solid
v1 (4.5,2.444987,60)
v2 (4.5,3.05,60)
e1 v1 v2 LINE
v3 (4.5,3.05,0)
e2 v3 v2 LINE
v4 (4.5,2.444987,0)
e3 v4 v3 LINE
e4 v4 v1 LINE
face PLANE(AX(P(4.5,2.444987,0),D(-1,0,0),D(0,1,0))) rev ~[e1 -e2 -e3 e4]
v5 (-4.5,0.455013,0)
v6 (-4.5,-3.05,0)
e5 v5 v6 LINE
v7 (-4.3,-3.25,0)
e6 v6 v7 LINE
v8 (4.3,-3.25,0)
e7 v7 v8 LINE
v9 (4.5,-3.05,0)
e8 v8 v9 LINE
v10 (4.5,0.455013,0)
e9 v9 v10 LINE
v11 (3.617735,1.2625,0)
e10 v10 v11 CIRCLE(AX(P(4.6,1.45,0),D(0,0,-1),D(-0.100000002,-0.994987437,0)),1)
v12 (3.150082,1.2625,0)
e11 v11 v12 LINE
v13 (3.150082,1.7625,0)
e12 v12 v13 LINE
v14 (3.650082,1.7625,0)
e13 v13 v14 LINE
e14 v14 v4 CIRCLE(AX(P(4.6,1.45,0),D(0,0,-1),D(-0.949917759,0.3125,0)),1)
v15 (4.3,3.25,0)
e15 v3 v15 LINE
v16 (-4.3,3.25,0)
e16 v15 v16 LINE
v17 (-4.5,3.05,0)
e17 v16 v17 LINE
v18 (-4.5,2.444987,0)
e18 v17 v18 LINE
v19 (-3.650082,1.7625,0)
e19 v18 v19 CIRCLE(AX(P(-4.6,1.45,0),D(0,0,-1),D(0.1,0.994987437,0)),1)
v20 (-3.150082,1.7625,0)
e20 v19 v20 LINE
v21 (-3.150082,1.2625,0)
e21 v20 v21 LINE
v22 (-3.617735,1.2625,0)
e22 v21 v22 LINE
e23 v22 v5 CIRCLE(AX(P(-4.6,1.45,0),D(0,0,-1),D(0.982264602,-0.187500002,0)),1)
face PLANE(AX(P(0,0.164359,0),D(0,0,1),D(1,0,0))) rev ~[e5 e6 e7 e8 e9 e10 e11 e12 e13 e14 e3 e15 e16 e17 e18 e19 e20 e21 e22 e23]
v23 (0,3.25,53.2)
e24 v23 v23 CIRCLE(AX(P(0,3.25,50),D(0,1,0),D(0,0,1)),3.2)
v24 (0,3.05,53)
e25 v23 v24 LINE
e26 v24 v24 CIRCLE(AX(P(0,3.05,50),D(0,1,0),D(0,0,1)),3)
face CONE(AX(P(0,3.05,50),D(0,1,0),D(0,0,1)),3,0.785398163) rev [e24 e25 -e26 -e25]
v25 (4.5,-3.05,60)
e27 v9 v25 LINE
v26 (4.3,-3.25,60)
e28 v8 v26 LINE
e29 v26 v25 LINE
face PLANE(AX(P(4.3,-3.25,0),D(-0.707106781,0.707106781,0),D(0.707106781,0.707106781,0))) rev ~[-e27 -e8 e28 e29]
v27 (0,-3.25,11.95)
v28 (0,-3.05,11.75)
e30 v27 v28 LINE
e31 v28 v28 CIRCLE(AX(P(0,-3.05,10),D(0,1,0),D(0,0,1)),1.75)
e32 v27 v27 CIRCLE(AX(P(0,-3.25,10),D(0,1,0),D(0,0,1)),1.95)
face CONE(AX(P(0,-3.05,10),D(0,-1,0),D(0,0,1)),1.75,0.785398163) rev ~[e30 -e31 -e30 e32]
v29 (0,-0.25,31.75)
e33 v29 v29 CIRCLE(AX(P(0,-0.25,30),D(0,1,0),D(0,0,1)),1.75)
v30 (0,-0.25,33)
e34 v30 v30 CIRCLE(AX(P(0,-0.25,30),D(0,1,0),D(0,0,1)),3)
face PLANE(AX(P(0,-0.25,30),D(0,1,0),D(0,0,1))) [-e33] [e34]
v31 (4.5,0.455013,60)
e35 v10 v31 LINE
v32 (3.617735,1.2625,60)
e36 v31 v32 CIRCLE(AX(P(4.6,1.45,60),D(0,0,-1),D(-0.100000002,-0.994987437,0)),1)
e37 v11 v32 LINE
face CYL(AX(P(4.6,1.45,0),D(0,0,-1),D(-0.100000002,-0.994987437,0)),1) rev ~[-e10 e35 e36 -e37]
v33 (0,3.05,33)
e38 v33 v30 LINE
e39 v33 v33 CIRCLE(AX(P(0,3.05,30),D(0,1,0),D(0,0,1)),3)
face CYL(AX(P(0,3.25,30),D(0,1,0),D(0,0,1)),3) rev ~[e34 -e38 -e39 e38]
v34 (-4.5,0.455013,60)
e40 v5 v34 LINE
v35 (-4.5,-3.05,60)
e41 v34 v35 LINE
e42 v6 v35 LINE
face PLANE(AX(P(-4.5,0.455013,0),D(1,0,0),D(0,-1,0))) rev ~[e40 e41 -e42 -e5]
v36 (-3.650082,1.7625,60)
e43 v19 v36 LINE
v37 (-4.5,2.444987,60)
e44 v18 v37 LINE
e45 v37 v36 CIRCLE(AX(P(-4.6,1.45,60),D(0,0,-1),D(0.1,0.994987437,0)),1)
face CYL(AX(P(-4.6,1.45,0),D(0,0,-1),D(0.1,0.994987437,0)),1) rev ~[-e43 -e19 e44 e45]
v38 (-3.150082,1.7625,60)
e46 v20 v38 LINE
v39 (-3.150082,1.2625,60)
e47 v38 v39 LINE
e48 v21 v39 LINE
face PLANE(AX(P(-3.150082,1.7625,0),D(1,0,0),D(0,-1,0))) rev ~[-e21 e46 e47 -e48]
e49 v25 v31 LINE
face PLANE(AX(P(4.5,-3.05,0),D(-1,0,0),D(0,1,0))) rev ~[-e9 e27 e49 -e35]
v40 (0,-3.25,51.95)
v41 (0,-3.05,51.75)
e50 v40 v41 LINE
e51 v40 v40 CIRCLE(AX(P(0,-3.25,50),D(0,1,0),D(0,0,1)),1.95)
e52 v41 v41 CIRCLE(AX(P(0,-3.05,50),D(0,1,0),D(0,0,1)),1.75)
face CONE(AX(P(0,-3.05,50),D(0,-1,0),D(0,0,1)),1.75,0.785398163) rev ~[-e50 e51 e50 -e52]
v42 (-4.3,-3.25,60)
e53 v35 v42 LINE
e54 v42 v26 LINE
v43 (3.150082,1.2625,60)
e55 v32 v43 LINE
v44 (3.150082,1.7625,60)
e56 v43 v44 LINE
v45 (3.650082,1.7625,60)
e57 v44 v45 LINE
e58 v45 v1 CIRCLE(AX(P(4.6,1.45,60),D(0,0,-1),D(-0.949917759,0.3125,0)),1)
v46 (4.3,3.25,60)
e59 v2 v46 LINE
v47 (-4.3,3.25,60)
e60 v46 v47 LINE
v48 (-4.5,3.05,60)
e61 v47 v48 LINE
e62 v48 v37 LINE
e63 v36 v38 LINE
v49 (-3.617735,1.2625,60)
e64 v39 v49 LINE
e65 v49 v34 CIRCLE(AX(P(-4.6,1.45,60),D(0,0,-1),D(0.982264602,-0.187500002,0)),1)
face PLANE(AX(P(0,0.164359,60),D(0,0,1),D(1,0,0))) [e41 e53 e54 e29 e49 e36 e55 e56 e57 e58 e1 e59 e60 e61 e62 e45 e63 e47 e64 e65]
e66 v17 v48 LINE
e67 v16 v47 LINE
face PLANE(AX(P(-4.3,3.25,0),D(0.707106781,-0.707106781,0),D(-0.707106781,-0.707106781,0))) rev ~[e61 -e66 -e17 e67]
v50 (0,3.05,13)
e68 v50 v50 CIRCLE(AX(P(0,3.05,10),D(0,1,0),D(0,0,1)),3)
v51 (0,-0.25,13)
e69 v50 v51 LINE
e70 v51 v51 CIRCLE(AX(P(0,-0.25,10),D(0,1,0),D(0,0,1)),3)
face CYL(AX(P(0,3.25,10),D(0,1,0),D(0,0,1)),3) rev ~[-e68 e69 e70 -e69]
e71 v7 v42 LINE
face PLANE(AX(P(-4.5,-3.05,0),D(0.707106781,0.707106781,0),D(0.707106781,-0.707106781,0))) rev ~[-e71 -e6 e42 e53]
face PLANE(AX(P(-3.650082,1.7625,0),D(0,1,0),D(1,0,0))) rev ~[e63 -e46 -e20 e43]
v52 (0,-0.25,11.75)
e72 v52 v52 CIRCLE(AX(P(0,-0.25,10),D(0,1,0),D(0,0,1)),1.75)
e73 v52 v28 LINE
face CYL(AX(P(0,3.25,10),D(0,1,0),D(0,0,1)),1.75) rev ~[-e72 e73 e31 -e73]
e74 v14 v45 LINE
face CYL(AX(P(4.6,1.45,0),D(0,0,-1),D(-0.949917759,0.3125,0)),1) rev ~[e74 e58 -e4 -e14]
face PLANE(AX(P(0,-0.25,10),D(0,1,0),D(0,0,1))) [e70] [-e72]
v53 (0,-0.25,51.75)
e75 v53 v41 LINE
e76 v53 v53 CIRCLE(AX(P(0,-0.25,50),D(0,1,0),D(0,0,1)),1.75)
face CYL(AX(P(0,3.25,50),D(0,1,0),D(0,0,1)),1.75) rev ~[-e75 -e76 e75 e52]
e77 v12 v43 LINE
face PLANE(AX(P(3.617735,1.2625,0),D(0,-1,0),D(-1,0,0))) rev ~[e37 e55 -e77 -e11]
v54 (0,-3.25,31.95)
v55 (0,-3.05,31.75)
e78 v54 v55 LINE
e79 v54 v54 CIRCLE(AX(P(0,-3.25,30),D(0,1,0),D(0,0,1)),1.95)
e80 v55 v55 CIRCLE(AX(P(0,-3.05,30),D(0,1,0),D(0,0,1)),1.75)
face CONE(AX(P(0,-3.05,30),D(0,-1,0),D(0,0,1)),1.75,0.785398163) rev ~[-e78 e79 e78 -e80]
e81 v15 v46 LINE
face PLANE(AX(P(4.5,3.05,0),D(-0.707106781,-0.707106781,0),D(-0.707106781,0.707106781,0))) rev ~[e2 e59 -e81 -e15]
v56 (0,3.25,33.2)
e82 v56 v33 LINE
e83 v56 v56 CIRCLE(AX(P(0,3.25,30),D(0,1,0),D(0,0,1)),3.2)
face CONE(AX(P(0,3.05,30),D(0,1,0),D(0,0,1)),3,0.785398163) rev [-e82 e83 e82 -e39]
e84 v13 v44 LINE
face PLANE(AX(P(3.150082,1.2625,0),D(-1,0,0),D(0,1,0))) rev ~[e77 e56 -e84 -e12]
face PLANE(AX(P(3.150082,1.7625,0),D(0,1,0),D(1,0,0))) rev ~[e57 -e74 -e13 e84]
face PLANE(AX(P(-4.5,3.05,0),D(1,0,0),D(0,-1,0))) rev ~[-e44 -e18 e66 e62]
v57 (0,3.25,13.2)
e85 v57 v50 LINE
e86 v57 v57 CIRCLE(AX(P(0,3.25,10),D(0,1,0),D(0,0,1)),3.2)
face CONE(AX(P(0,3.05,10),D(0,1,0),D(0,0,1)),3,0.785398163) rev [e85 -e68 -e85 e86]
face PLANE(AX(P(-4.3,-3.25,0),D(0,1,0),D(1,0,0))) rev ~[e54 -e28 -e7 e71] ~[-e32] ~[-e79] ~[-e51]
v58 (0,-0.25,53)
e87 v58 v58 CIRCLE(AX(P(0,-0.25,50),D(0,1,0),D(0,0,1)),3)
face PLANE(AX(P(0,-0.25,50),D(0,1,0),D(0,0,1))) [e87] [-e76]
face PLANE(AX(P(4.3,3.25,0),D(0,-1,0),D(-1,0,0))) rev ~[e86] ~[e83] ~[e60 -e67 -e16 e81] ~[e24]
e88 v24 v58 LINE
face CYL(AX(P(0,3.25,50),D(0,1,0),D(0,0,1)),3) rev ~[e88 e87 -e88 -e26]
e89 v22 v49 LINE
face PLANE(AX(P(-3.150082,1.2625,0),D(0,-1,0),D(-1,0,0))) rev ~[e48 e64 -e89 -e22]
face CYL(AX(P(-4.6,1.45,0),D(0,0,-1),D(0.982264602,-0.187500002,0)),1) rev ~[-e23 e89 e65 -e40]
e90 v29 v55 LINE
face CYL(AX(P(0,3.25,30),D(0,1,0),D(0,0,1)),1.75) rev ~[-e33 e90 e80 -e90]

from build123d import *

# Parameters (mm, degrees)
EXTRUDE1_DEPTH             = 60
EXTRUDE2_REACH             = 62.519
SKETCH2_R                  = 1.75
SKETCH_R                   = 3
SKETCH_R_2                 = 1.75
EXTRUDE4_DEPTH             = 3.5
CHAMFER1_SIZE              = 0.2
LPATTERN1_COUNT            = 3
LPATTERN1_PITCH            = 20
CHAMFER1_OF_LPATTERN1_SIZE = 0.2


with BuildPart() as part:
    # Sketch1 → Extrude1 (new body)
    with BuildSketch(Plane.XY):
        with BuildLine():
            Line((-4.3, -3.25), (4.3, -3.25))
            Line((4.3, -3.25), (4.5, -3.05))
            Line((4.5, -3.05), (4.5, 0.455012563))
            ThreePointArc((4.5, 0.455012563), (3.924845827, 0.712323349), (3.617735397, 1.2625))
            Line((3.617735397, 1.2625), (3.15008224, 1.2625))
            Line((3.15008224, 1.2625), (3.15008224, 1.7625))
            Line((3.15008224, 1.7625), (3.65008224, 1.7625))
            ThreePointArc((3.65008224, 1.7625), (3.973877727, 2.229724887), (4.5, 2.444987437))
            Line((4.5, 2.444987437), (4.5, 3.05))
            Line((4.5, 3.05), (4.3, 3.25))
            Line((4.3, 3.25), (-4.3, 3.25))
            Line((-4.3, 3.25), (-4.5, 3.05))
            Line((-4.5, 3.05), (-4.5, 2.444987437))
            ThreePointArc((-4.5, 2.444987437), (-3.973877727, 2.229724887), (-3.65008224, 1.7625))
            Line((-3.65008224, 1.7625), (-3.15008224, 1.7625))
            Line((-3.15008224, 1.7625), (-3.15008224, 1.2625))
            Line((-3.15008224, 1.2625), (-3.617735397, 1.2625))
            ThreePointArc((-3.617735397, 1.2625), (-3.924845827, 0.712323349), (-4.5, 0.455012563))
            Line((-4.5, 0.455012563), (-4.5, -3.05))
            Line((-4.5, -3.05), (-4.3, -3.25))
        make_face()
    extrude(amount=EXTRUDE1_DEPTH)

    # Sketch2 → Extrude2 (cut, up to next)
    with BuildSketch(Plane(origin=(0, 3.25, 0), x_dir=(1, 0, 0), z_dir=(0, 1, 0)), mode=Mode.PRIVATE) as extrude2_sk1:
        with Locations((0, -10)):
            Circle(SKETCH2_R)
    extrude2_tool1 = extrude(extrude2_sk1.sketch, amount=-EXTRUDE2_REACH, mode=Mode.PRIVATE) & part.part
    extrude2 = extrude2_tool1.solids().sort_by_distance((0, 3.25, 10))[0]
    add(extrude2, mode=Mode.SUBTRACT)

    # Sketch → Extrude4 (cut)
    with BuildSketch(Plane(origin=(0, 3.25, 0), x_dir=(1, 0, 0), z_dir=(0, 1, 0))):
        with Locations((0, -10)):
            Circle(SKETCH_R)
        with Locations((0, -10)):
            Circle(SKETCH_R_2, mode=Mode.SUBTRACT)
    extrude4 = extrude(amount=-EXTRUDE4_DEPTH, mode=Mode.SUBTRACT)

    # Chamfer1
    chamfer1_edges = [part.edges().sort_by_distance(p)[0] for p in [
        (-1.75, -3.25, 10),
        (-3, 3.25, 10),
    ]]
    chamfer(chamfer1_edges, length=CHAMFER1_SIZE)

    # LPattern1: Extrude2, Extrude4 ×3
    with Locations(*[(0, 0, i * LPATTERN1_PITCH) for i in range(1, LPATTERN1_COUNT)]):
        add(extrude2, mode=Mode.SUBTRACT)
        add(extrude4, mode=Mode.SUBTRACT)

    # Chamfer1 of LPattern1
    chamfer1_of_lpattern1_edges = [part.edges().sort_by_distance(p)[0] for p in [
        (-1.75, -3.25, 30),
        (-3, 3.25, 30),
        (-1.75, -3.25, 50),
        (-3, 3.25, 50),
    ]]
    chamfer(chamfer1_of_lpattern1_edges, length=CHAMFER1_OF_LPATTERN1_SIZE)


solid = part.part
